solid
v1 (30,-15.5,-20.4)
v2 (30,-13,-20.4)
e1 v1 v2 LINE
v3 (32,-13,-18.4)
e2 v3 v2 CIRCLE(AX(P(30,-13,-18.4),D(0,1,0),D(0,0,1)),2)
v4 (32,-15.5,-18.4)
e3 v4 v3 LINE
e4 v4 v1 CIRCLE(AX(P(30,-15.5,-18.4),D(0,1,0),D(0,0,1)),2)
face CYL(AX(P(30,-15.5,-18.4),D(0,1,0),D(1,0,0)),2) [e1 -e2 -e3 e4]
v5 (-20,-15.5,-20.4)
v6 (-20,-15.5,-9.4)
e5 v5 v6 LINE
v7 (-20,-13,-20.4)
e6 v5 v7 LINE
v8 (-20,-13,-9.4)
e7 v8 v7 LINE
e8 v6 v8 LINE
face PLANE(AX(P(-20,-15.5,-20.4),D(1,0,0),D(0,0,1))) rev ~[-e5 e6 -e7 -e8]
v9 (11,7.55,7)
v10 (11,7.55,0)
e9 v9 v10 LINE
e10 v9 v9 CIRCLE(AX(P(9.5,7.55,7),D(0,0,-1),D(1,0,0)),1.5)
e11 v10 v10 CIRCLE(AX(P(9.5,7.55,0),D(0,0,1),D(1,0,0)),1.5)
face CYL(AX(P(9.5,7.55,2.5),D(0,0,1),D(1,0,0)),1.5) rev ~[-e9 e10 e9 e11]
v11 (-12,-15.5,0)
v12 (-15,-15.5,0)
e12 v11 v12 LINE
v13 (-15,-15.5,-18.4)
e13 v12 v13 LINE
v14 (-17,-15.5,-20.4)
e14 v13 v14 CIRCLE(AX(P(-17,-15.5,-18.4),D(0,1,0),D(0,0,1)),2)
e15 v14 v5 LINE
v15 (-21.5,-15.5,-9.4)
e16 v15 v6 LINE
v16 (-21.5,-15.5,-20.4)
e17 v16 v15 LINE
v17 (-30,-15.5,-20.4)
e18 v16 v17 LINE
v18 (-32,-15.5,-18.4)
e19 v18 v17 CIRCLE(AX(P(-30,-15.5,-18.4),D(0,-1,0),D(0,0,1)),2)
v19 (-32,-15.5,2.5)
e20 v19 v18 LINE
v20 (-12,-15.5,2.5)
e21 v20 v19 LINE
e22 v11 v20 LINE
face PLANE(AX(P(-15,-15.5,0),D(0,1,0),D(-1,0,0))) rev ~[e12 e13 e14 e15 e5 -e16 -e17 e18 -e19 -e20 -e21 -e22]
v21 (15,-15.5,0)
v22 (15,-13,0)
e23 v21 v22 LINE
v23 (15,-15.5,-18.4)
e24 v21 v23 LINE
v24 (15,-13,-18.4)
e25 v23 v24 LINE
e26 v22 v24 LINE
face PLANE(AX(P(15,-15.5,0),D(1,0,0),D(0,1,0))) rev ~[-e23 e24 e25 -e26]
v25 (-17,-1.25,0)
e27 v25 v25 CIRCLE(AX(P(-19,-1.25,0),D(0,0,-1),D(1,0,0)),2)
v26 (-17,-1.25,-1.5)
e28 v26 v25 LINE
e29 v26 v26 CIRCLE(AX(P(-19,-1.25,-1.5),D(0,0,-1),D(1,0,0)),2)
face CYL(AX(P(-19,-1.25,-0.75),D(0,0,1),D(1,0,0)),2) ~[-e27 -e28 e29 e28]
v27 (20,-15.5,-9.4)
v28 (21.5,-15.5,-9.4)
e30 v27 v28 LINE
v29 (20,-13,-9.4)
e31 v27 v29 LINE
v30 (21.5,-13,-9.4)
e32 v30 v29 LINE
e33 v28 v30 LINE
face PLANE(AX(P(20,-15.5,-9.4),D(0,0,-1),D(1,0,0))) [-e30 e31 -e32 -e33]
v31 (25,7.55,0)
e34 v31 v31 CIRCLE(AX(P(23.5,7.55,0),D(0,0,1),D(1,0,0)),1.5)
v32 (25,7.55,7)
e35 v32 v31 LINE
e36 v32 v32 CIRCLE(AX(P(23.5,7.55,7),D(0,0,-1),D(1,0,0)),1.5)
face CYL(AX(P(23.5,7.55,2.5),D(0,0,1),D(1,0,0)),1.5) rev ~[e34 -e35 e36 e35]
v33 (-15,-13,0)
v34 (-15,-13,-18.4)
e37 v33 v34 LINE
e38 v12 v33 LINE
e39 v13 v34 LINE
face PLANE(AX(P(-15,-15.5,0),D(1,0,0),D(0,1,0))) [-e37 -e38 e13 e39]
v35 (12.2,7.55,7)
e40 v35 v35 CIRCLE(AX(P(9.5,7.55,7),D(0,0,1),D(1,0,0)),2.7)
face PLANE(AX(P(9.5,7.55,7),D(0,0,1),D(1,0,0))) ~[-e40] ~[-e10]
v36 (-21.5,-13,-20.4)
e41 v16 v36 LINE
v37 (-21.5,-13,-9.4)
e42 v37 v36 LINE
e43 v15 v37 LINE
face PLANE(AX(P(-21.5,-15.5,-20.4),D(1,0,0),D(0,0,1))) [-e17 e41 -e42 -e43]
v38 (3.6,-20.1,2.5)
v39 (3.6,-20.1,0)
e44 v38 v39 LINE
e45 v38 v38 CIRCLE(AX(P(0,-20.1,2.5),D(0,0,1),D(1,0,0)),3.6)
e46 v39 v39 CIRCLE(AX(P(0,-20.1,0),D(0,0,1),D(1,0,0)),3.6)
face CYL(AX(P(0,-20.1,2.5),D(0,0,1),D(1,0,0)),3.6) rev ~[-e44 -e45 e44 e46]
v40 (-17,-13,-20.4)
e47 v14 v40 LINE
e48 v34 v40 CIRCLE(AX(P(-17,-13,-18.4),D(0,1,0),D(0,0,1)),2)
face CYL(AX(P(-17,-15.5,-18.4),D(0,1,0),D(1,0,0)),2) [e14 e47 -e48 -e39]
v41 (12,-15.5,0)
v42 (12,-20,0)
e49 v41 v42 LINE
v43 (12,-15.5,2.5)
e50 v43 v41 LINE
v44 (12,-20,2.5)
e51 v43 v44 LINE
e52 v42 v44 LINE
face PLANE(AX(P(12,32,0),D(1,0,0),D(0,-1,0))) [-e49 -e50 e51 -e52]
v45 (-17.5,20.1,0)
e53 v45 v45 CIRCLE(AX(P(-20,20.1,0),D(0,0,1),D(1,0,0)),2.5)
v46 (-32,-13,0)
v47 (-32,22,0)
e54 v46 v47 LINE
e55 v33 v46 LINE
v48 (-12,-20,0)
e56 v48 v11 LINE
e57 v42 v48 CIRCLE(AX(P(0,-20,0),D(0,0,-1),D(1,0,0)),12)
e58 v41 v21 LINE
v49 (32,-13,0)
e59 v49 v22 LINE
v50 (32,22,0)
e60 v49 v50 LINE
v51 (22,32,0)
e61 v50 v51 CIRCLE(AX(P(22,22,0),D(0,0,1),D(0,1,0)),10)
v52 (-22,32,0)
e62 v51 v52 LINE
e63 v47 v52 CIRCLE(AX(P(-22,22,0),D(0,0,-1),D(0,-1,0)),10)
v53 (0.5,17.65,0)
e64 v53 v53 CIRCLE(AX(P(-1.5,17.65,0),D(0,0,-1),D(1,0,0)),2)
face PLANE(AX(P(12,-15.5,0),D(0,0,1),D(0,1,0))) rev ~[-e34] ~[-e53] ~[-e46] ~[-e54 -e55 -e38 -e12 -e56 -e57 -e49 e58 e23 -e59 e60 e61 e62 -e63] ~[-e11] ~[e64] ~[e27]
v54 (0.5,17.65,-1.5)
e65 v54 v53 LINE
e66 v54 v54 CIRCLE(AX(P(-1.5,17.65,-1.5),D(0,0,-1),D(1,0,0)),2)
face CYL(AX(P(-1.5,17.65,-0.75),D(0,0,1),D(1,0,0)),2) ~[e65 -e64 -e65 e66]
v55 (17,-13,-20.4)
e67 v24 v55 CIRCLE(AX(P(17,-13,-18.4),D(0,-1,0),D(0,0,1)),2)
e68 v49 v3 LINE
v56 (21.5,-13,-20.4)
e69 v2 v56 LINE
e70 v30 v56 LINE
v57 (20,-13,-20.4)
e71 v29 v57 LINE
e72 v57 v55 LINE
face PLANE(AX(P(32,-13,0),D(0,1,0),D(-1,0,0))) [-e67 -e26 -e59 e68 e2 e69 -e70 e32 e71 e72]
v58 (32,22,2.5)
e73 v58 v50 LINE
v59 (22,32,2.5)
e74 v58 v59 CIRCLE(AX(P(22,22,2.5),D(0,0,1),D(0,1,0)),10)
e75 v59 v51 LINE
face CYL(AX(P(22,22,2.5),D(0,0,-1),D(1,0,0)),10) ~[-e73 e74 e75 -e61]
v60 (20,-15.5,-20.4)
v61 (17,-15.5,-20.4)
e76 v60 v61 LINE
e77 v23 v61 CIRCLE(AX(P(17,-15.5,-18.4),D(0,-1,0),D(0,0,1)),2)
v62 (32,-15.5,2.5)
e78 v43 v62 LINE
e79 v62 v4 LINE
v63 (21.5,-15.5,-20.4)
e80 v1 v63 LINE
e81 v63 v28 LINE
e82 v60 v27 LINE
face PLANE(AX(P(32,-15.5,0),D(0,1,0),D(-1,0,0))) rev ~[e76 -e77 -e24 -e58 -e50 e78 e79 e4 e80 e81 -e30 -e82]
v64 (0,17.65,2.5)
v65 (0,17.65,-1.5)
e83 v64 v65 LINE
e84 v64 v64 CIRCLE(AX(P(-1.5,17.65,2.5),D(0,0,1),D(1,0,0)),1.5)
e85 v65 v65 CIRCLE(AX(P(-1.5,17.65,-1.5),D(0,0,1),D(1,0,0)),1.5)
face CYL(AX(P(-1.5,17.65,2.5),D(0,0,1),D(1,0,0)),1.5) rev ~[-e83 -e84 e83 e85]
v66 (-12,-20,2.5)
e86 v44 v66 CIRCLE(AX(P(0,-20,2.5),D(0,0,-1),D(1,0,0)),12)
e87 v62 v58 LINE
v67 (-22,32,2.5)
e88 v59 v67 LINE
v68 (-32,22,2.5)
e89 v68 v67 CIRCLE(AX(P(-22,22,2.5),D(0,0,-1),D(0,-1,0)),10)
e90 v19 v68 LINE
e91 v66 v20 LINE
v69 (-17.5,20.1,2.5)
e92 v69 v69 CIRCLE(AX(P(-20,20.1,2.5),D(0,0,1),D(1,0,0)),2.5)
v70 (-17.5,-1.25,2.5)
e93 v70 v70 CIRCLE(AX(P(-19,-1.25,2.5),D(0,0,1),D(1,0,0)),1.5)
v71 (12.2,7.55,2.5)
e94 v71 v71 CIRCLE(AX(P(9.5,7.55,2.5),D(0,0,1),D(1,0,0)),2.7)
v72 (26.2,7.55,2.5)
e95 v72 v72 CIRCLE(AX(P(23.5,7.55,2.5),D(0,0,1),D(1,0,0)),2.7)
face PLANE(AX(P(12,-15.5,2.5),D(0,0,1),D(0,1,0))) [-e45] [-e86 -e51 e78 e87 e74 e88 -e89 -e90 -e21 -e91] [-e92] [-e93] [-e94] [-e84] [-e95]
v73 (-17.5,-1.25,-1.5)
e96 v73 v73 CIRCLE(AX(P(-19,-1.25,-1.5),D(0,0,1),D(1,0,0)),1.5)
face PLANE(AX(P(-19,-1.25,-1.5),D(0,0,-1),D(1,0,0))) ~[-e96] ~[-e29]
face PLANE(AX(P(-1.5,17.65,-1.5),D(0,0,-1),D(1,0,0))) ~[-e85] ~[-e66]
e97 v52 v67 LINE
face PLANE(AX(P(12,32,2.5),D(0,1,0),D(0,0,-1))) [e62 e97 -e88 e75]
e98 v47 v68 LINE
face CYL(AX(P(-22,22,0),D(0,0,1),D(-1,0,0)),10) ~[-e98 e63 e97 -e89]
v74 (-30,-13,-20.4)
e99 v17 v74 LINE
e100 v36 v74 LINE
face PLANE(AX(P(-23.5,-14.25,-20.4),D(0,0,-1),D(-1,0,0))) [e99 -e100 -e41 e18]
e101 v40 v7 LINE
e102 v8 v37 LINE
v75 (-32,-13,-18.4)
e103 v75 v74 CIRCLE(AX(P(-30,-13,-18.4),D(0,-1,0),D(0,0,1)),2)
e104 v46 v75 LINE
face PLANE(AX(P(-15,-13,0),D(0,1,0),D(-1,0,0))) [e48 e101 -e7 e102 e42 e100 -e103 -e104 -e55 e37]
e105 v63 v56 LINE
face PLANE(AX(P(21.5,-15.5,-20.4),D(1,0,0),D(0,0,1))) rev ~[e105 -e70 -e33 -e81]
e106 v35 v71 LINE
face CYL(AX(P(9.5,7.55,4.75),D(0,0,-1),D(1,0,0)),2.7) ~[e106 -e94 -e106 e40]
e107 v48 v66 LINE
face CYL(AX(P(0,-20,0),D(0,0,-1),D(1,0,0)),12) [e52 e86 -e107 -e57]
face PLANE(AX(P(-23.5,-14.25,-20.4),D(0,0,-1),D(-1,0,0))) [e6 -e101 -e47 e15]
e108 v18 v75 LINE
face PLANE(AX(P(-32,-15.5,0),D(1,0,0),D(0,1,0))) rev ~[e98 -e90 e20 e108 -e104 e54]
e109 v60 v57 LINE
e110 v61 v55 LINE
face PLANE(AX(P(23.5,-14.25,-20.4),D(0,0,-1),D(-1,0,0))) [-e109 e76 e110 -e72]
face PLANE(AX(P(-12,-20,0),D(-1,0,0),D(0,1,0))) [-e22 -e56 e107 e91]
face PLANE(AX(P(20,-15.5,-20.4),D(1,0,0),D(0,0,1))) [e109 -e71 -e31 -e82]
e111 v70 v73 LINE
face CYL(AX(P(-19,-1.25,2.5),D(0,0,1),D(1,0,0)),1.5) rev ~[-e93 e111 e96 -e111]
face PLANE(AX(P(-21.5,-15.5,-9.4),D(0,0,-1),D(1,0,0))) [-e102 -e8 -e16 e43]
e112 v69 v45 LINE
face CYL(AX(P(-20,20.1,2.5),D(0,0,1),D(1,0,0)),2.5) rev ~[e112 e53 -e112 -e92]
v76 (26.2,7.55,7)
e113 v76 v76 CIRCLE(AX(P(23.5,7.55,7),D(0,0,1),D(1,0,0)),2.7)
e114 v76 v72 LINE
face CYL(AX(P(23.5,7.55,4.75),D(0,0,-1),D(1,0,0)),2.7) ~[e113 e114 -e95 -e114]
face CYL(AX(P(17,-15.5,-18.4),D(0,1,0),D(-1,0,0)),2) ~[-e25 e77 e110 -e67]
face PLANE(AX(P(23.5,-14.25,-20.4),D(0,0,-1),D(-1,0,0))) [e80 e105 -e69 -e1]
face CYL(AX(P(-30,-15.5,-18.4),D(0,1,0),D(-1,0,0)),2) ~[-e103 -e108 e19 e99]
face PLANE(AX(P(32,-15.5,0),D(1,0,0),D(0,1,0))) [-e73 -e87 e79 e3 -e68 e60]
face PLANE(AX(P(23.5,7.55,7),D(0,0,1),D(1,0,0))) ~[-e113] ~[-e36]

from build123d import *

# Parameters (mm, degrees)
BOSS_EXTRUDE1_DEPTH     = 2.5
SKETCH2_W               = 2.5
SKETCH2_H               = 47.5
BOSS_EXTRUDE2_DEPTH     = 20
SKETCH3_W               = 2.5
SKETCH3_H               = 47.5
BOSS_EXTRUDE3_DEPTH     = 20
SKETCH4_W               = 17
SKETCH4_H               = 2.5
BOSS_EXTRUDE4_DEPTH     = 20.4
SKETCH5_W               = 1.5
SKETCH5_H               = 11
CUT_EXTRUDE1_DEPTH      = 48.5
SKETCH6_W               = 17
SKETCH6_H               = 2.5
BOSS_EXTRUDE5_DEPTH     = 20.4
SKETCH7_W               = 1.5
SKETCH7_H               = 11
CUT_EXTRUDE2_DEPTH      = 48.5
SKETCH8_W               = 2.7
SKETCH8_H               = 4.5
SKETCH9_W               = 2.7
SKETCH9_H               = 4.5
SKETCH10_W              = 2
SKETCH10_H              = 1.5
SKETCH11_W              = 2
SKETCH11_H              = 1.5
FILLET1_R               = 2
FILLET2_R               = 10
SKETCH13_R              = 3.6
SKETCH13_R_2            = 2.5
SKETCH13_R_3            = 1.5
CUT_EXTRUDE3_DEPTH      = 5.5
CUT_EXTRUDE3_DEPTH_BACK = 23.9


with BuildPart() as part:
    # Sketch1 → Boss-Extrude1 (new body)
    with BuildSketch(Plane(origin=(0, 0, 0), x_dir=(-1, 0, 0), z_dir=(0, 0, -1))):
        with BuildLine():
            Line((12, -20), (12, 32))
            Line((12, 32), (-12, 32))
            Line((-12, 32), (-12, -20))
            ThreePointArc((-12, -20), (0, -32), (12, -20))
        make_face()
    extrude(amount=-BOSS_EXTRUDE1_DEPTH)

    # Sketch2 → Boss-Extrude2 (add)
    with BuildSketch(Plane.ZY.offset(12)):
        with Locations((1.25, 8.25)):
            Rectangle(SKETCH2_W, SKETCH2_H)
    extrude(amount=BOSS_EXTRUDE2_DEPTH)

    # Sketch3 → Boss-Extrude3 (add)
    with BuildSketch(Plane(origin=(12, 0, 0), x_dir=(0, 0, -1), z_dir=(1, 0, 0))):
        with Locations((-1.25, 8.25)):
            Rectangle(SKETCH3_W, SKETCH3_H)
    extrude(amount=BOSS_EXTRUDE3_DEPTH)

    # Sketch4 → Boss-Extrude4 (add)
    with BuildSketch(Plane(origin=(0, 0, 0), x_dir=(-1, 0, 0), z_dir=(0, 0, -1))):
        with Locations((-23.5, -14.25)):
            Rectangle(SKETCH4_W, SKETCH4_H)
    extrude(amount=BOSS_EXTRUDE4_DEPTH)

    # Sketch5 → Cut-Extrude1 (cut, through all)
    with BuildSketch(Plane.XZ.offset(15.5)):
        with Locations((20.75, -14.9)):
            Rectangle(SKETCH5_W, SKETCH5_H)
    extrude(amount=-CUT_EXTRUDE1_DEPTH, mode=Mode.SUBTRACT)

    # Sketch6 → Boss-Extrude5 (add)
    with BuildSketch(Plane(origin=(0, 0, 0), x_dir=(-1, 0, 0), z_dir=(0, 0, -1))):
        with Locations((23.5, -14.25)):
            Rectangle(SKETCH6_W, SKETCH6_H)
    extrude(amount=BOSS_EXTRUDE5_DEPTH)

    # Sketch7 → Cut-Extrude2 (cut, through all)
    with BuildSketch(Plane.XZ.offset(15.5)):
        with Locations((-20.75, -14.9)):
            Rectangle(SKETCH7_W, SKETCH7_H)
    extrude(amount=-CUT_EXTRUDE2_DEPTH, mode=Mode.SUBTRACT)

    # Sketch8 → Revolve1 (revolve)
    with BuildSketch(Plane(origin=(0, 7.55, 0), x_dir=(1, 0, 0), z_dir=(0, 1, 0))):
        with Locations((10.85, -4.75)):
            Rectangle(SKETCH8_W, SKETCH8_H)
    revolve(axis=Axis((9.5, 7.55, 2.5), (0, 0, 1)))

    # Sketch9 → Revolve2 (revolve)
    with BuildSketch(Plane(origin=(0, 7.55, 0), x_dir=(1, 0, 0), z_dir=(0, 1, 0))):
        with Locations((24.85, -4.75)):
            Rectangle(SKETCH9_W, SKETCH9_H)
    revolve(axis=Axis((23.5, 7.55, 2.5), (0, 0, 1)))

    # Sketch10 → Revolve3 (revolve)
    with BuildSketch(Plane.XZ.offset(1.25)):
        with Locations((-18, -0.75)):
            Rectangle(SKETCH10_W, SKETCH10_H)
    revolve(axis=Axis((-19, -1.25, 0), (0, 0, -1)))

    # Sketch11 → Revolve4 (revolve)
    with BuildSketch(Plane.XZ.offset(-17.65)):
        with Locations((-0.5, -0.75)):
            Rectangle(SKETCH11_W, SKETCH11_H)
    revolve(axis=Axis((-1.5, 17.65, 0), (0, 0, -1)))

    # Fillet1
    fillet1_edges = [part.edges().sort_by_distance(p)[0] for p in [
        (32, -14.25, -20.4),
        (15, -14.25, -20.4),
        (-15, -14.25, -20.4),
        (-32, -14.25, -20.4),
    ]]
    fillet(fillet1_edges, radius=FILLET1_R)

    # Fillet2
    fillet2_edges = [part.edges().sort_by_distance(p)[0] for p in [
        (-32, 32, 1.25),
        (32, 32, 1.25),
    ]]
    fillet(fillet2_edges, radius=FILLET2_R)

    # Sketch13 → Cut-Extrude3 (cut, two sides)
    with BuildSketch(Plane.XY.offset(2.5)) as cut_extrude3_sk:
        with Locations((0, -20.1)):
            Circle(SKETCH13_R)
        with Locations((-20, 20.1)):
            Circle(SKETCH13_R_2)
        with Locations((-1.5, 17.65)):
            Circle(SKETCH13_R_3)
        with Locations((-19, -1.25)):
            Circle(SKETCH13_R_3)
        with Locations((9.5, 7.55)):
            Circle(SKETCH13_R_3)
        with Locations((23.5, 7.55)):
            Circle(SKETCH13_R_3)
    extrude(amount=CUT_EXTRUDE3_DEPTH, mode=Mode.SUBTRACT)
    extrude(cut_extrude3_sk.sketch, amount=-CUT_EXTRUDE3_DEPTH_BACK, mode=Mode.SUBTRACT)


solid = part.part
